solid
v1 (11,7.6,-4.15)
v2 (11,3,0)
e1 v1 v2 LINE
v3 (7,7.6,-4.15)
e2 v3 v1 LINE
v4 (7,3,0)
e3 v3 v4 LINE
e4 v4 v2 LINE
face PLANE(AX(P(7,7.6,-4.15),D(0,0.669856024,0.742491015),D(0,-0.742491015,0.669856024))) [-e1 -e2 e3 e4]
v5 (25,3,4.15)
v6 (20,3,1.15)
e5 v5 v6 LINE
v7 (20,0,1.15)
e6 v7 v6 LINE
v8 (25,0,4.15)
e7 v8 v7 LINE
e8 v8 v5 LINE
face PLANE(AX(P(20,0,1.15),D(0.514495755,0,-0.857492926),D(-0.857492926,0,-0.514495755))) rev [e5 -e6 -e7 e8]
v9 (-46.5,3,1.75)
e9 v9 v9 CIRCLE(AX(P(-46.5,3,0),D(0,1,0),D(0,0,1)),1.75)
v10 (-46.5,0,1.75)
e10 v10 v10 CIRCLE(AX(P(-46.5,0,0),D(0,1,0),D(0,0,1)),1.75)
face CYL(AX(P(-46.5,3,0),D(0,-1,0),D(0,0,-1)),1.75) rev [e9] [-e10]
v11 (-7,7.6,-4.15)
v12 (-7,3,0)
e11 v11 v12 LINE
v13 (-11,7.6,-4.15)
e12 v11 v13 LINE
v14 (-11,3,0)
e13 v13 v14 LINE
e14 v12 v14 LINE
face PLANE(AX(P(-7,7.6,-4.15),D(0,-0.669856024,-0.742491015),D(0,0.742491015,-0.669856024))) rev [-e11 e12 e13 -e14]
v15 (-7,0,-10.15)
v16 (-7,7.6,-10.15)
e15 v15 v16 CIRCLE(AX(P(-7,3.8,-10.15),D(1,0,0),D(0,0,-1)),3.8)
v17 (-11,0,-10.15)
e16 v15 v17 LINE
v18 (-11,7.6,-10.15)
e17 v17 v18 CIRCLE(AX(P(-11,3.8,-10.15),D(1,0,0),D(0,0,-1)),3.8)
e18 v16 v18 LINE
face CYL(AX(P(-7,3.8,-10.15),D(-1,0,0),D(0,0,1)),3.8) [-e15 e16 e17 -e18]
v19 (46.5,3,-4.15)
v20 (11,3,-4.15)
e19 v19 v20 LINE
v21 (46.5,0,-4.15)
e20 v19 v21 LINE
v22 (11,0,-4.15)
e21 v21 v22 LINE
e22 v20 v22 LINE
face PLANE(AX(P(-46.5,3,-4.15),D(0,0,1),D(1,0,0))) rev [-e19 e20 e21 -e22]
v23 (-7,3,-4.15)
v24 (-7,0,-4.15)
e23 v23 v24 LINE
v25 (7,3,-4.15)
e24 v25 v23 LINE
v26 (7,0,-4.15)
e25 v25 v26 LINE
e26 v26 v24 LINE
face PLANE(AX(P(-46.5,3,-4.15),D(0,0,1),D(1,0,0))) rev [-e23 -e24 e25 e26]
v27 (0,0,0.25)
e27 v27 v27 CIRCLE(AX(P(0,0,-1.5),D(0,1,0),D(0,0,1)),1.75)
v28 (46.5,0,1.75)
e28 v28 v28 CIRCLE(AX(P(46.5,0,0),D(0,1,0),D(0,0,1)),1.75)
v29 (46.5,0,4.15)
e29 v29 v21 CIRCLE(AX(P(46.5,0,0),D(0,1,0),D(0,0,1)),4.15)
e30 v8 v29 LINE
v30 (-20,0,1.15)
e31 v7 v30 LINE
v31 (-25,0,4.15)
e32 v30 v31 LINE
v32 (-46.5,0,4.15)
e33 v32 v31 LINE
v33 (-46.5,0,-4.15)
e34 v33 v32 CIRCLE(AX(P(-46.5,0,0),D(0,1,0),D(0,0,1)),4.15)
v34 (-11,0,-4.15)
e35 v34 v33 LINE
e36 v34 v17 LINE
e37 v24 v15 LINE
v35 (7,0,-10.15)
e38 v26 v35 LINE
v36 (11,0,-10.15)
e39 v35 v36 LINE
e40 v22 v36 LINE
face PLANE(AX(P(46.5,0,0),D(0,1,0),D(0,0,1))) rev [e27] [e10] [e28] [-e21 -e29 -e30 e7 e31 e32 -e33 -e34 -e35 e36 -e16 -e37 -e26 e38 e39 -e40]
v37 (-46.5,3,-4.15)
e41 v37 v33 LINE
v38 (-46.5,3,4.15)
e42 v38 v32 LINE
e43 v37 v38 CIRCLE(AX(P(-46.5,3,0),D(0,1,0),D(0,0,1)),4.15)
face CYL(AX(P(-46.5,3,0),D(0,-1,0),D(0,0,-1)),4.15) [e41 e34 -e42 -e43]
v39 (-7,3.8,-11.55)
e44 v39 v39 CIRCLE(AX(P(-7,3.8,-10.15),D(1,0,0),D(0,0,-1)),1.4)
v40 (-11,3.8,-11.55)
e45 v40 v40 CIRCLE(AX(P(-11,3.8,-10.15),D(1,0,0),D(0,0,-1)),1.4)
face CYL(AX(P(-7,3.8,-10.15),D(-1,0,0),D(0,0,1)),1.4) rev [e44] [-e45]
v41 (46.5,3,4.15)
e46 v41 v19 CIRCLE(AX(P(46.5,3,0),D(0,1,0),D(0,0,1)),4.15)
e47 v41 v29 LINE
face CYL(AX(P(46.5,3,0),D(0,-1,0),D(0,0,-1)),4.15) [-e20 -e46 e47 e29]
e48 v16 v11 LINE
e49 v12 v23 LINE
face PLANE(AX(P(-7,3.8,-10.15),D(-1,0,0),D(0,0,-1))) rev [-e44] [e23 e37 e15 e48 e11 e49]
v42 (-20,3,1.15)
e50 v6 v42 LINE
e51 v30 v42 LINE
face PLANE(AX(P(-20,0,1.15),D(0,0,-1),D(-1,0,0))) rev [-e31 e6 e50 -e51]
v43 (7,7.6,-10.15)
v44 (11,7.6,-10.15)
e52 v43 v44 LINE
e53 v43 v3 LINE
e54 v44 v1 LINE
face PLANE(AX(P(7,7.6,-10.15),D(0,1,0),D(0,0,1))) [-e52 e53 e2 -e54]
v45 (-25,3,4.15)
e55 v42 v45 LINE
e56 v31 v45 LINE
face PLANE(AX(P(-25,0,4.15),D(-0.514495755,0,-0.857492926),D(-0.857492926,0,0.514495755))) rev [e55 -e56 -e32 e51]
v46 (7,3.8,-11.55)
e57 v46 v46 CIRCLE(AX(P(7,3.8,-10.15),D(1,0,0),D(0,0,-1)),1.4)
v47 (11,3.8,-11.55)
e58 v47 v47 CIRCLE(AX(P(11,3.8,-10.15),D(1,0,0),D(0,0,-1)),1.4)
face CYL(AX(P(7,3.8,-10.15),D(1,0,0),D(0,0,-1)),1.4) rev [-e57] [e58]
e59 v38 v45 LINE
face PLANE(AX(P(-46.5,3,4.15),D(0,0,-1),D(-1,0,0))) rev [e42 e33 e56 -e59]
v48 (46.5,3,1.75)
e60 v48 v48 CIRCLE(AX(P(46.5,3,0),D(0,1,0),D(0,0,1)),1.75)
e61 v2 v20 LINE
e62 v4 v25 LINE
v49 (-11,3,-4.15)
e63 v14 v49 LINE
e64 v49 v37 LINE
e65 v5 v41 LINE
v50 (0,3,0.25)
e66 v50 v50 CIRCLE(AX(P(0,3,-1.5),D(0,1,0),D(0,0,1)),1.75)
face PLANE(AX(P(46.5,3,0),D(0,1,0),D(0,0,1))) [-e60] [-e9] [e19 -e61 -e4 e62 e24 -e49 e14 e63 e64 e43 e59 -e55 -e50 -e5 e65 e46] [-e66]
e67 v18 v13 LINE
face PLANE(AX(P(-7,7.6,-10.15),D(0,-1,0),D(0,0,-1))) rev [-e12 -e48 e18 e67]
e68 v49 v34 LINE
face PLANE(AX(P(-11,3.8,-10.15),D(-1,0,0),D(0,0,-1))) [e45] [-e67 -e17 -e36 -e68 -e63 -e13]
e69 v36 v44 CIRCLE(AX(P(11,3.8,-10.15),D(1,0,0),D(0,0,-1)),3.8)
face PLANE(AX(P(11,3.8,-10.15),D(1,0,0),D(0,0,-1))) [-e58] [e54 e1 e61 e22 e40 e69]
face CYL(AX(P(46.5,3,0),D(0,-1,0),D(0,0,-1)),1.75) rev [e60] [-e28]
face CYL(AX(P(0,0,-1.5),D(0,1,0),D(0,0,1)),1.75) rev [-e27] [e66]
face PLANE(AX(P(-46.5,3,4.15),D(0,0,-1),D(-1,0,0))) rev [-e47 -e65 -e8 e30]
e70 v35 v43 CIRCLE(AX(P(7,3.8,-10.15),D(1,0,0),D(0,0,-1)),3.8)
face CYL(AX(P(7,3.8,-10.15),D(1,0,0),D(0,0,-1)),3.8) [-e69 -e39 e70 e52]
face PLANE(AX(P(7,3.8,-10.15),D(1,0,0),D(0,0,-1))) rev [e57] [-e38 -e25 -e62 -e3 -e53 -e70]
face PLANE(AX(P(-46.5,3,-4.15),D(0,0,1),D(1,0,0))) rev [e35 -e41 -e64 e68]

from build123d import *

# Parameters (mm, degrees)
SCHIZZO1_R                   = 1.75
ESTRUSIONE_ESTRUSIONE1_DEPTH = 3
ESTRUSIONE_ESTRUSIONE2_START = 11
SCHIZZO2_R                   = 1.4
ESTRUSIONE_ESTRUSIONE2_DEPTH = 4
TAGLIO_ESTRUSIONE1_DEPTH     = 53.736941512
SCHIZZO4_R                   = 1.75
TAGLIO_ESTRUSIONE2_DEPTH     = 53.736941512


with BuildPart() as part:
    # Schizzo1 → Estrusione-Estrusione1 (new body)
    with BuildSketch(Plane(origin=(0, 0, 0), x_dir=(1, 0, 0), z_dir=(0, 1, 0))):
        with BuildLine():
            Line((-46.5, -4.15), (46.5, -4.15))
            ThreePointArc((46.5, -4.15), (50.65, 0), (46.5, 4.15))
            Line((46.5, 4.15), (-46.5, 4.15))
            ThreePointArc((-46.5, 4.15), (-50.65, 0), (-46.5, -4.15))
        make_face()
        with Locations(Location((46.5, 0, 0), (0, 0, 270))):
            Circle(SCHIZZO1_R, mode=Mode.SUBTRACT)
        with Locations(Location((-46.5, 0, 0), (0, 0, 270))):
            Circle(SCHIZZO1_R, mode=Mode.SUBTRACT)
    extrude(amount=ESTRUSIONE_ESTRUSIONE1_DEPTH)

    # Schizzo2 → Estrusione-Estrusione2 (add)
    with BuildSketch(Plane(origin=(0, 0, 0), x_dir=(0, 0, -1), z_dir=(1, 0, 0)).offset(ESTRUSIONE_ESTRUSIONE2_START)):
        with BuildLine():
            Line((10.15, 7.6), (4.15, 7.6))
            Line((4.15, 7.6), (0, 3))
            Line((0, 3), (4.15, 3))
            Line((4.15, 3), (4.15, 0))
            Line((4.15, 0), (10.15, 0))
            ThreePointArc((10.15, 0), (13.95, 3.8), (10.15, 7.6))
        make_face()
        with Locations((10.15, 3.8)):
            Circle(SCHIZZO2_R, mode=Mode.SUBTRACT)
    estrusione_estrusione2 = extrude(amount=-ESTRUSIONE_ESTRUSIONE2_DEPTH)

    # Specchia1: Estrusione-Estrusione2 across plane
    add(estrusione_estrusione2.mirror(Plane(origin=(0, 0, 0), x_dir=(0, 0, 1), z_dir=(1, 0, 0))))

    # Schizzo3 → Taglio-Estrusione1 (cut, through all)
    with BuildSketch(Plane(origin=(0, 3, 0), x_dir=(1, 0, 0), z_dir=(0, 1, 0))):
        Polygon((-25, -4.15), (-20, -1.15), (20, -1.15), (25, -4.15), align=None)
    extrude(amount=-TAGLIO_ESTRUSIONE1_DEPTH, mode=Mode.SUBTRACT)

    # Schizzo4 → Taglio-Estrusione2 (cut, through all)
    with BuildSketch(Plane(origin=(0, 3, 0), x_dir=(1, 0, 0), z_dir=(0, 1, 0))):
        with Locations(Location((0, 1.5, 0), (0, 0, 270))):
            Circle(SCHIZZO4_R)
    extrude(amount=-TAGLIO_ESTRUSIONE2_DEPTH, mode=Mode.SUBTRACT)


solid = part.part
